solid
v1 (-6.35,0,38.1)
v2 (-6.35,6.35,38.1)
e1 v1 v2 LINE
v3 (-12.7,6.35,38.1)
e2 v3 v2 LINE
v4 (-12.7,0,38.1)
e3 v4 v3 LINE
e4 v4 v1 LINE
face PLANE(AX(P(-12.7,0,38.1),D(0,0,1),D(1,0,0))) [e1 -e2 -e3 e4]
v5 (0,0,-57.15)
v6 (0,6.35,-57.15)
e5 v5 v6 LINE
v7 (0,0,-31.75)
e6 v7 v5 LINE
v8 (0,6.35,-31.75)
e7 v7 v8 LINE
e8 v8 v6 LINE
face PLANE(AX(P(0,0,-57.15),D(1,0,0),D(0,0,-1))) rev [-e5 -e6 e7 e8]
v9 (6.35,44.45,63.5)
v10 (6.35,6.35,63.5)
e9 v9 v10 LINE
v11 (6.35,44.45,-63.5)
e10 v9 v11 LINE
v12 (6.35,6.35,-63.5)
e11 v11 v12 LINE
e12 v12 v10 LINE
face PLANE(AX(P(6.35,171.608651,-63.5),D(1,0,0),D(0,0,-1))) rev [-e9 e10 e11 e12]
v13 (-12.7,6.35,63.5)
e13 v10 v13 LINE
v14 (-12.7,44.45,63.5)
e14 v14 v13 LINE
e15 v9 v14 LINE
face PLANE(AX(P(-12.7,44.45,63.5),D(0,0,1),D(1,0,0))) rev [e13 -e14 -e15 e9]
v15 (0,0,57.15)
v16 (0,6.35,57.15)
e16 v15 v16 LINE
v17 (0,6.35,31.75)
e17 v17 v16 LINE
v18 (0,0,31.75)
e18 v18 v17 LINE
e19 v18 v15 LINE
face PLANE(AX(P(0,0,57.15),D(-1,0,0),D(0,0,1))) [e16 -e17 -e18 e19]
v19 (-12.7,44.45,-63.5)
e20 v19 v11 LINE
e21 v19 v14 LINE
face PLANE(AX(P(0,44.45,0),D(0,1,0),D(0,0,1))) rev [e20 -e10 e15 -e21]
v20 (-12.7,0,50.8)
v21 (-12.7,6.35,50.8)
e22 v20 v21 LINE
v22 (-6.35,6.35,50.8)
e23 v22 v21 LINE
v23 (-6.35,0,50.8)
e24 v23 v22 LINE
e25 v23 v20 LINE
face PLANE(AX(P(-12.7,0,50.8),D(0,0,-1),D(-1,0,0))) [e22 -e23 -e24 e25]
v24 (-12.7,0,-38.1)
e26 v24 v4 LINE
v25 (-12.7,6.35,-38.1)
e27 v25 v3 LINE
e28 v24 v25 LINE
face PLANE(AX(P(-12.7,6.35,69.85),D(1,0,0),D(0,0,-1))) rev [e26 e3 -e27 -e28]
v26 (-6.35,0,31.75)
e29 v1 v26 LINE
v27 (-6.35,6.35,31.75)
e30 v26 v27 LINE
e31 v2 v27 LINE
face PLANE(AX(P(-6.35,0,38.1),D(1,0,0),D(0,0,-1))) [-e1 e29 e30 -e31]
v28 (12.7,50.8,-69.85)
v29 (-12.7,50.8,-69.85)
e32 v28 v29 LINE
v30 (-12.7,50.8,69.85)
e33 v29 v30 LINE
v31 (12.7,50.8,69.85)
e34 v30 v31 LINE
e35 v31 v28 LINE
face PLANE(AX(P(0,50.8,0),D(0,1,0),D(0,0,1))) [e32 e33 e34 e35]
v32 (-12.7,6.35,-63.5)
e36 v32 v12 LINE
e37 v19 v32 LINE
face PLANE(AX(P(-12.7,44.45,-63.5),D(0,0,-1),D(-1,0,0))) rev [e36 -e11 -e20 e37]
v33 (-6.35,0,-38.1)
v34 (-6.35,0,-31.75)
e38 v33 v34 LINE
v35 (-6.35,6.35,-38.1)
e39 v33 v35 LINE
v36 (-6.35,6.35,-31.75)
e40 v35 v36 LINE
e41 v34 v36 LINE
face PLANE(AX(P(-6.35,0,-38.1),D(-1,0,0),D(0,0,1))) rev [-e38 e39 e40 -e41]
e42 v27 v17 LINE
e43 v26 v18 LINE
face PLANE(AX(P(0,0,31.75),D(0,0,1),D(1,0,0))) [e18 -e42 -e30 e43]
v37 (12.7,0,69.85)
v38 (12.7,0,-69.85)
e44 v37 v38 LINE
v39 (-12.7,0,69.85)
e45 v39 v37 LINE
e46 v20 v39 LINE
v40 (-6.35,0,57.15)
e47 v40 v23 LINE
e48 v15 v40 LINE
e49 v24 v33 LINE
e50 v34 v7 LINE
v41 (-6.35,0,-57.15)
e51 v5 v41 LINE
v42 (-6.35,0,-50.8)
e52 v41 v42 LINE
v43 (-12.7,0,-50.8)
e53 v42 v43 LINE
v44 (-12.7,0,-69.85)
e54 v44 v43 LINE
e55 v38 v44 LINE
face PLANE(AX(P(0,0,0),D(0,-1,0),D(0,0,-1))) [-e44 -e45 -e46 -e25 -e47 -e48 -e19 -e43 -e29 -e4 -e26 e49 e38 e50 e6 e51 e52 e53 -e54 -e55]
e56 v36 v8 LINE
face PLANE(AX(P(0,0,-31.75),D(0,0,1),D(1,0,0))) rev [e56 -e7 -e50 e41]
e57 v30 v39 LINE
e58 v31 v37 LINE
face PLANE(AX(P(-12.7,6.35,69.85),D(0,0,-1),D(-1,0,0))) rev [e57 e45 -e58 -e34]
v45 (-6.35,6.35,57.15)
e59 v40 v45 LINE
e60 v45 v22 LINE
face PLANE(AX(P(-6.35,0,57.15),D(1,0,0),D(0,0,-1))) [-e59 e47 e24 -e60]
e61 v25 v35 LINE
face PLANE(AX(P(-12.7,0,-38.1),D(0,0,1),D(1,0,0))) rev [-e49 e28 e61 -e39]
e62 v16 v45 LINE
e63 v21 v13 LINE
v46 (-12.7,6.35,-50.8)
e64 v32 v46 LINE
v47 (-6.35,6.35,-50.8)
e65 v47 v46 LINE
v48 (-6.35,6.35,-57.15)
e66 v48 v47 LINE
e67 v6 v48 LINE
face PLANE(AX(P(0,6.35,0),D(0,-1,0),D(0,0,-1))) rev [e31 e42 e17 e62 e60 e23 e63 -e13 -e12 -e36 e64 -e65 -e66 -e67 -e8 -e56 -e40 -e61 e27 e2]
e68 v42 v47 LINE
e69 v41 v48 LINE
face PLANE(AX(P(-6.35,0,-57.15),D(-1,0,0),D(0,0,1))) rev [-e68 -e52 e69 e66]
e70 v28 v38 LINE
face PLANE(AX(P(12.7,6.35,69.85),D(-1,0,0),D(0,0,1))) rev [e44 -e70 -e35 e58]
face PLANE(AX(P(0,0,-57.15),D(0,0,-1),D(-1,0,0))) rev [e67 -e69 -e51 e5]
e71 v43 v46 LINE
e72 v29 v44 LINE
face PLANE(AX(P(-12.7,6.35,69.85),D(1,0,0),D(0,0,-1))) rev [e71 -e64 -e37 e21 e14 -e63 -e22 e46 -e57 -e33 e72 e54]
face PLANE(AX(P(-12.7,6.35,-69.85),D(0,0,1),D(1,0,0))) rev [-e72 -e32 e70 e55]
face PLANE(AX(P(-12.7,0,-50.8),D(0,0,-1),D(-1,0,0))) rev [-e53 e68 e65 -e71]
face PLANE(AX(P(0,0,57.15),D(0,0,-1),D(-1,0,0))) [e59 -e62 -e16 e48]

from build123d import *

# Parameters (mm, degrees)
SKETCH1_W           = 25.4
SKETCH1_H           = 139.7
BOSS_EXTRUDE1_DEPTH = 6.35
SKETCH3_W           = 25.4
SKETCH3_H           = 6.35
BOSS_EXTRUDE2_DEPTH = 38.1
BOSS_EXTRUDE3_DEPTH = 6.35
CUT_EXTRUDE2_DEPTH  = 84.521209881
SKETCH8_W           = 12.7
SKETCH8_H           = 139.7
CUT_EXTRUDE3_DEPTH  = 84.521209881
SKETCH9_W           = 6.35
SKETCH9_H           = 127
BOSS_EXTRUDE4_DEPTH = 38.1
SKETCH10_W          = 25.4
SKETCH10_H          = 139.7
BOSS_EXTRUDE5_DEPTH = 6.35


with BuildPart() as part:
    # Sketch1 → Boss-Extrude1 (new body)
    with BuildSketch(Plane(origin=(0, 0, 0), x_dir=(1, 0, 0), z_dir=(0, 1, 0))):
        Rectangle(SKETCH1_W, SKETCH1_H)
    extrude(amount=BOSS_EXTRUDE1_DEPTH)

    # Sketch3 → Boss-Extrude2 (add)
    with BuildSketch(Plane(origin=(0, 6.35, 0), x_dir=(1, 0, 0), z_dir=(0, 1, 0))):
        with Locations((0, 66.675)):
            Rectangle(SKETCH3_W, SKETCH3_H)
        with Locations((0, -66.675)):
            Rectangle(SKETCH3_W, SKETCH3_H)
    extrude(amount=BOSS_EXTRUDE2_DEPTH)

    # Sketch6 → Boss-Extrude3 (add)
    with BuildSketch(Plane(origin=(0, 6.35, 0), x_dir=(1, 0, 0), z_dir=(0, 1, 0))):
        Polygon((12.7, 50.8), (19.05, 50.8), (19.05, 57.15), (25.4, 57.15), (25.4, 31.75), (19.05, 31.75), (19.05, 38.1), (12.7, 38.1), align=None)
    boss_extrude3 = extrude(amount=-BOSS_EXTRUDE3_DEPTH)

    # Sketch7 → Cut-Extrude2 (cut, through all)
    with BuildSketch(Plane(origin=(0, 6.35, 0), x_dir=(1, 0, 0), z_dir=(0, 1, 0))):
        Polygon((-12.7, 50.8), (-6.35, 50.8), (-6.35, 57.15), (0, 57.15), (0, 31.75), (-6.35, 31.75), (-6.35, 38.1), (-12.7, 38.1), align=None)
    cut_extrude2 = extrude(amount=-CUT_EXTRUDE2_DEPTH, mode=Mode.SUBTRACT)

    # Mirror1: Boss-Extrude3, Cut-Extrude2 across plane
    add(boss_extrude3.mirror(Plane.XY))
    add(cut_extrude2.mirror(Plane.XY), mode=Mode.SUBTRACT)

    # Sketch8 → Cut-Extrude3 (cut, through all)
    with BuildSketch(Plane(origin=(0, 6.35, 0), x_dir=(1, 0, 0), z_dir=(0, 1, 0))):
        with Locations((19.05, 0)):
            Rectangle(SKETCH8_W, SKETCH8_H)
    extrude(amount=-CUT_EXTRUDE3_DEPTH, mode=Mode.SUBTRACT)

    # Sketch9 → Boss-Extrude4 (add)
    with BuildSketch(Plane(origin=(0, 6.35, 0), x_dir=(1, 0, 0), z_dir=(0, 1, 0))):
        with Locations((9.525, 0)):
            Rectangle(SKETCH9_W, SKETCH9_H)
    extrude(amount=BOSS_EXTRUDE4_DEPTH)

    # Sketch10 → Boss-Extrude5 (add)
    with BuildSketch(Plane(origin=(0, 44.45, 0), x_dir=(1, 0, 0), z_dir=(0, 1, 0))):
        Rectangle(SKETCH10_W, SKETCH10_H)
    extrude(amount=BOSS_EXTRUDE5_DEPTH)


solid = part.part
